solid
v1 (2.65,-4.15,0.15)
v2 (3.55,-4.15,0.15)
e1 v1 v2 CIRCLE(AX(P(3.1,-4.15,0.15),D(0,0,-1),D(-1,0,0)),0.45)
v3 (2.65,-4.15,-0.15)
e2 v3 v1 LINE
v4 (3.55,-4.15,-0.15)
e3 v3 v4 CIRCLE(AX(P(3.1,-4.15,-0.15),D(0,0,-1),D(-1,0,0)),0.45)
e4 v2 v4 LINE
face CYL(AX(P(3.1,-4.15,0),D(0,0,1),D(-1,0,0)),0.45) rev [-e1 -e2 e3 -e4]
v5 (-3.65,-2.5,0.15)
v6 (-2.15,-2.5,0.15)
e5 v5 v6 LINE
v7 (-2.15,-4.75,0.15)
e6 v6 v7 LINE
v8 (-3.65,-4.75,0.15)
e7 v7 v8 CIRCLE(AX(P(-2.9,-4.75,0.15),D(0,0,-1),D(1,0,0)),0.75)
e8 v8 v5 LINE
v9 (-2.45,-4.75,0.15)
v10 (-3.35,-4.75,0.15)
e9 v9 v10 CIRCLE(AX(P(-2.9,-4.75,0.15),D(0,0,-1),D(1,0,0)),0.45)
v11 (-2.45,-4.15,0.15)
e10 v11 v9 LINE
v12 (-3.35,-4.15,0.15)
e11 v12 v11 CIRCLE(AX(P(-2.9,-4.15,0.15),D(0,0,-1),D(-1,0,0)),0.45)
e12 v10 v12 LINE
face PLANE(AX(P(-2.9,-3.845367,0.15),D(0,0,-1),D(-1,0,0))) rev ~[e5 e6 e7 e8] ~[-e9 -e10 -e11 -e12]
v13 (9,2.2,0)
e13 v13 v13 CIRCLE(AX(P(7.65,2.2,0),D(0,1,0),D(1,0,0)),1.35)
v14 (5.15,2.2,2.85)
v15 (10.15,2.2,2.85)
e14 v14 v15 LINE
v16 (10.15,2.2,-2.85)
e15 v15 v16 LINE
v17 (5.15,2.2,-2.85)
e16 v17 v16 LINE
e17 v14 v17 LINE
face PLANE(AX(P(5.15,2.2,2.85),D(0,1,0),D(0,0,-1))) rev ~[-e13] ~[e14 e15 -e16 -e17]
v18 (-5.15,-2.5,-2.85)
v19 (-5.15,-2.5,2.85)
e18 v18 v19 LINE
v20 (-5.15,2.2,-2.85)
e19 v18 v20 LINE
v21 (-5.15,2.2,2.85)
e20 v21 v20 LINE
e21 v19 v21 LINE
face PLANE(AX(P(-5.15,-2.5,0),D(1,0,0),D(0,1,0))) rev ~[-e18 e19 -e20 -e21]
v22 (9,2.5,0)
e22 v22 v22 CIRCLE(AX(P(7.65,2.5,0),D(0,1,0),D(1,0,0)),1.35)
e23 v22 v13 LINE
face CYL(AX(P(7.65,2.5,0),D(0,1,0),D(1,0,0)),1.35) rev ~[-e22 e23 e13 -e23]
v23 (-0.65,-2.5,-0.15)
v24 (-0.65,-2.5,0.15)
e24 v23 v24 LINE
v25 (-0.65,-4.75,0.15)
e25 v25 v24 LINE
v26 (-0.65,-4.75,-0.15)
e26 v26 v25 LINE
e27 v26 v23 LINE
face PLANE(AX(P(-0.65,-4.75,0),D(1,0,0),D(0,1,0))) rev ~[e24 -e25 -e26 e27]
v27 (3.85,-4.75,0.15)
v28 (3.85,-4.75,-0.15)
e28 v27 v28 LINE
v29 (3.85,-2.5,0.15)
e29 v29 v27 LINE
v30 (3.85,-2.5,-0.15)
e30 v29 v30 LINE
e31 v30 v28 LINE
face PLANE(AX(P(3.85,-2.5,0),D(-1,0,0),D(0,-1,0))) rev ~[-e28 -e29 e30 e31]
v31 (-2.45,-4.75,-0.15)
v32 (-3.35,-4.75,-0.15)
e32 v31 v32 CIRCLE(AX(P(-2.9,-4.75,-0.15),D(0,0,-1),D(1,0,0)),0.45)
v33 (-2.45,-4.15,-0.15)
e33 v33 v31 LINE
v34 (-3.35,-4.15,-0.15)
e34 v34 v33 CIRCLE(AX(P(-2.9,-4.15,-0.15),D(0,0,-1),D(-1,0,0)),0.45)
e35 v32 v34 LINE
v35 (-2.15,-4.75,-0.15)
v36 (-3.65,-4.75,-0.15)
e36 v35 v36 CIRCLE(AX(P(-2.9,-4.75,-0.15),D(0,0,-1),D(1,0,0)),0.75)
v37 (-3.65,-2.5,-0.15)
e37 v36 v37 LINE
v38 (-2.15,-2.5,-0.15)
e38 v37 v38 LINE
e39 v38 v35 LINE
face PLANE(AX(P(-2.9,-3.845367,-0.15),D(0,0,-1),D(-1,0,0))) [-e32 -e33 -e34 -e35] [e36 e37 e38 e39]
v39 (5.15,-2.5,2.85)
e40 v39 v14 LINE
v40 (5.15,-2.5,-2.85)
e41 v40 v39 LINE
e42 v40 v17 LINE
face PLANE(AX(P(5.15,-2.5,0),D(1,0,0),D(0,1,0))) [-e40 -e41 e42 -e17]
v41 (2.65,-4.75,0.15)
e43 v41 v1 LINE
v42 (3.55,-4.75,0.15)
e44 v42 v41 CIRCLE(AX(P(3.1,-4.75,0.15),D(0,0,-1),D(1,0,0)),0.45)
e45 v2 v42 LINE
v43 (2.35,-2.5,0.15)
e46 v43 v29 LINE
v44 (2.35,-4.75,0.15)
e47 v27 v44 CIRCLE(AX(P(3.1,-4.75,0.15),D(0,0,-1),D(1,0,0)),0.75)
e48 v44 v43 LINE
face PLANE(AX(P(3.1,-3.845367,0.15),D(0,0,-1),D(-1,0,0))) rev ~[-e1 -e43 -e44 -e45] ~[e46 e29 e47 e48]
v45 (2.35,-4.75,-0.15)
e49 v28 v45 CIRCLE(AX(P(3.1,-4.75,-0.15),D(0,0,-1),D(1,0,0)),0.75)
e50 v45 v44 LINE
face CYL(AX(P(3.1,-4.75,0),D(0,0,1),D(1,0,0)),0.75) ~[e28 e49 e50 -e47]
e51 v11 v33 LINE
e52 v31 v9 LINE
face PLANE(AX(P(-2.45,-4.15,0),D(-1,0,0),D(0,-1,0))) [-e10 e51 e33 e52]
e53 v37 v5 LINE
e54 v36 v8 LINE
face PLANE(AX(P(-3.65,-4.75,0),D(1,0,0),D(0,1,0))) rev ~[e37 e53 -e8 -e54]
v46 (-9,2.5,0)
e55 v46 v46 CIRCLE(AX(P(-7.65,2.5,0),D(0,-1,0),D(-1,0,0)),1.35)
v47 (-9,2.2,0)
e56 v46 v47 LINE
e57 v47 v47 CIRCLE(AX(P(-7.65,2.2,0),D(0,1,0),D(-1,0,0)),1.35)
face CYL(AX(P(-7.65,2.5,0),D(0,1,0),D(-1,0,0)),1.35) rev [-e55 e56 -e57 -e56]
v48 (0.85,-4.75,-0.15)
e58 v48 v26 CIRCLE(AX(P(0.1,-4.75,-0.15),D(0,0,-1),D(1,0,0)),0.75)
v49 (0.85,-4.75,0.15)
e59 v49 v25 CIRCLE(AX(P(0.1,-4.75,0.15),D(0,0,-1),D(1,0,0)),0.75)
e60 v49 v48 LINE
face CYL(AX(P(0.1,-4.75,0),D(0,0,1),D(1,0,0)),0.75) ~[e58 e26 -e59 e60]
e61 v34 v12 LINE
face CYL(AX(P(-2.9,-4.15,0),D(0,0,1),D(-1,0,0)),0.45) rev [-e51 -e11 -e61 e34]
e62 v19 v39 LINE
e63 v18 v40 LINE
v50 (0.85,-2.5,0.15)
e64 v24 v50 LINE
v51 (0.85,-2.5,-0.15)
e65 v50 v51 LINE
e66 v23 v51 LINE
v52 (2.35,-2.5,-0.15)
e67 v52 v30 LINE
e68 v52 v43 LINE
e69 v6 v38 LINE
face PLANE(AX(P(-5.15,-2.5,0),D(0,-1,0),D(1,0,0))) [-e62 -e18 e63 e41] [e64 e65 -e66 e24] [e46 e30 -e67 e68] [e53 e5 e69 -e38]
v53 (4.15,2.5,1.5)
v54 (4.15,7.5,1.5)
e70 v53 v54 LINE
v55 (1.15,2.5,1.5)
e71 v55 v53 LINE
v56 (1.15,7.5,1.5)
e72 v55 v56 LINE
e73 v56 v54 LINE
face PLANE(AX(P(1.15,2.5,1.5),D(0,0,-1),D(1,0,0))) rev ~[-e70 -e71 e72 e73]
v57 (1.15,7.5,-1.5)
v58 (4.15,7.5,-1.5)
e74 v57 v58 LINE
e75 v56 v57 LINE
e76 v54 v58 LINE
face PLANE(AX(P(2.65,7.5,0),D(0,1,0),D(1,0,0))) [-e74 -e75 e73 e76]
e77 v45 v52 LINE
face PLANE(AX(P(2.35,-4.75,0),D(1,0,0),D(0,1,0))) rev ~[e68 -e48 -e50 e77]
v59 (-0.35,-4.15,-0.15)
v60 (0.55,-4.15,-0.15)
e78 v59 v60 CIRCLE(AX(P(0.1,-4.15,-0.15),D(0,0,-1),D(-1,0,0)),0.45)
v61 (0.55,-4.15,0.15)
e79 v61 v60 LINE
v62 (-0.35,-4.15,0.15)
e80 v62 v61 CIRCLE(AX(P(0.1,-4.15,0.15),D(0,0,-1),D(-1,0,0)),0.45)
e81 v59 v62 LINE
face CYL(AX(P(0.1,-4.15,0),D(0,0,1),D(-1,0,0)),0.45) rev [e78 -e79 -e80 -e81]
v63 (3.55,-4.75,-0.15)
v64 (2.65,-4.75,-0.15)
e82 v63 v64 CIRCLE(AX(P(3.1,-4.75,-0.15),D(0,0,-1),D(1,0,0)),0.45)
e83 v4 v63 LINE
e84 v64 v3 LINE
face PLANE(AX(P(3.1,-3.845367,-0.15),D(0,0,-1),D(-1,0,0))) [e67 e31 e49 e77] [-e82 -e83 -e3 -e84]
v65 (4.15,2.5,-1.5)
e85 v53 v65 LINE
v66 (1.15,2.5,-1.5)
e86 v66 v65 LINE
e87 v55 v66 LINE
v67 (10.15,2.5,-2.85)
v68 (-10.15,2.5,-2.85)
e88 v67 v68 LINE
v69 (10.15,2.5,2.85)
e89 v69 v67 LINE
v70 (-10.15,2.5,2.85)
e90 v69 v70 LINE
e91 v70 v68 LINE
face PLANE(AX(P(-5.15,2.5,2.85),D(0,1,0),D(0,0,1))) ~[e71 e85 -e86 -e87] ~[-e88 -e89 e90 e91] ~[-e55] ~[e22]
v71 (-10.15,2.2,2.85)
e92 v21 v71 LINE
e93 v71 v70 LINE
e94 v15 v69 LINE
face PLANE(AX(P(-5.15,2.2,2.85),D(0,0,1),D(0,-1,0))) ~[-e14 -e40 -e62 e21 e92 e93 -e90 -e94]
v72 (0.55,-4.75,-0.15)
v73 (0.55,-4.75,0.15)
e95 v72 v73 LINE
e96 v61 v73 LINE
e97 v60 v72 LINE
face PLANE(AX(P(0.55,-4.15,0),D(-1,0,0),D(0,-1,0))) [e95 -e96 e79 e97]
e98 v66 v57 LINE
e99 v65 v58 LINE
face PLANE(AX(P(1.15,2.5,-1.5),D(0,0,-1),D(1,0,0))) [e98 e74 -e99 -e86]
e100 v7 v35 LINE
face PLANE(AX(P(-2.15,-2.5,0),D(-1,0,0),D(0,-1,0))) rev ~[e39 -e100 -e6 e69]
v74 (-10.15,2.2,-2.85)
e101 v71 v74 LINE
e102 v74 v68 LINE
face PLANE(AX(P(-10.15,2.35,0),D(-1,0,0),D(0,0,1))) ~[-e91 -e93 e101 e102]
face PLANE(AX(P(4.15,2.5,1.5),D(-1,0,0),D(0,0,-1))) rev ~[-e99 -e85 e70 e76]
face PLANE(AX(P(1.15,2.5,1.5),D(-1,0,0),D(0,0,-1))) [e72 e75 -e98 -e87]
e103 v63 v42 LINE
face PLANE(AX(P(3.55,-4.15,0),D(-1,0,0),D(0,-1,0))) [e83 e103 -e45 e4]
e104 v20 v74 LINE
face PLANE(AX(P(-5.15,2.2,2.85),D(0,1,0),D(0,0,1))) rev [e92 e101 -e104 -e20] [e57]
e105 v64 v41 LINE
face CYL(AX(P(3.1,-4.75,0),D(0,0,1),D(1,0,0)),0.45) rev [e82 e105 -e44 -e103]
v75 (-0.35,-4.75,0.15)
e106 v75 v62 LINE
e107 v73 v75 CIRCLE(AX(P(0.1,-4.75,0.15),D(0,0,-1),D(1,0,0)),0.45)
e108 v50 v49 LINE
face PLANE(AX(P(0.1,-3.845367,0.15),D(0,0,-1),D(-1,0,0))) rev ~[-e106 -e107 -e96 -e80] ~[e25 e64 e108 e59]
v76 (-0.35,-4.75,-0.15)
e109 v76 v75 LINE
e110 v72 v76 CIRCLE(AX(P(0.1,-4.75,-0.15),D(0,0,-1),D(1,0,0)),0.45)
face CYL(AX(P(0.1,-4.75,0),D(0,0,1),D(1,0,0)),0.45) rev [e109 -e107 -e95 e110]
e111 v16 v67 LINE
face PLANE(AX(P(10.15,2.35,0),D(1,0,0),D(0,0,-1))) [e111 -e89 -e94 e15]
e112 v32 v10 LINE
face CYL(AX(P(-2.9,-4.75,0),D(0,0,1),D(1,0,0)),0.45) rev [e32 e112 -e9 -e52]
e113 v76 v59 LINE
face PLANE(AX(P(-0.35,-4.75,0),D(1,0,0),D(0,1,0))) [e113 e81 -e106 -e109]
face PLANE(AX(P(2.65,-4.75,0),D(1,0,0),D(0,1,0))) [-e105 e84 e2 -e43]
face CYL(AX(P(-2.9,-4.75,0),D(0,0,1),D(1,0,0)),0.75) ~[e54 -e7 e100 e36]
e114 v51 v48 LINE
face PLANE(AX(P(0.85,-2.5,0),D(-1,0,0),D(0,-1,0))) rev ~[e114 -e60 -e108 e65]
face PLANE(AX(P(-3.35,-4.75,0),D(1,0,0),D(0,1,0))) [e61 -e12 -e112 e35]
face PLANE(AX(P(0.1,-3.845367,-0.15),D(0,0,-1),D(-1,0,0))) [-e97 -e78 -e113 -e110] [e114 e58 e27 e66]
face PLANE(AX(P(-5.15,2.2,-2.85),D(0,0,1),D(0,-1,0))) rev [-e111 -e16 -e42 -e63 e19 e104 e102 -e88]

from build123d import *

# Parameters (mm, degrees)
SKETCH1_W           = 10.3
SKETCH1_H           = 5
BOSS_EXTRUDE1_DEPTH = 2.85
SKETCH2_W           = 5.7
SKETCH2_H           = 0.3
BOSS_EXTRUDE2_DEPTH = 5
SKETCH3_R           = 1.35
CUT_EXTRUDE1_DEPTH  = 5
SKETCH4_W           = 3
SKETCH4_H           = 3
BOSS_EXTRUDE3_DEPTH = 5
BOSS_EXTRUDE4_DEPTH = 0.15
LPATTERN1_COUNT     = 3
LPATTERN1_PITCH     = 3


with BuildPart() as part:
    # Sketch1 → Boss-Extrude1 (new body, symmetric)
    with BuildSketch(Plane.XY):
        Rectangle(SKETCH1_W, SKETCH1_H)
    extrude(amount=BOSS_EXTRUDE1_DEPTH, both=True)

    # Sketch2 → Boss-Extrude2 (add)
    with BuildSketch(Plane(origin=(5.15, 0, 0), x_dir=(0, 0, -1), z_dir=(1, 0, 0))):
        with Locations((0, 2.35)):
            Rectangle(SKETCH2_W, SKETCH2_H)
    boss_extrude2 = extrude(amount=BOSS_EXTRUDE2_DEPTH)

    # Sketch3 → Cut-Extrude1 (cut)
    with BuildSketch(Plane(origin=(0, 2.5, 0), x_dir=(1, 0, 0), z_dir=(0, 1, 0))):
        with Locations((7.65, 0)):
            Circle(SKETCH3_R)
    cut_extrude1 = extrude(amount=-CUT_EXTRUDE1_DEPTH, mode=Mode.SUBTRACT)

    # Mirror1: Boss-Extrude2, Cut-Extrude1 across plane
    add(boss_extrude2.mirror(Plane(origin=(0, 0, 0), x_dir=(0, 0, 1), z_dir=(1, 0, 0))))
    add(cut_extrude1.mirror(Plane(origin=(0, 0, 0), x_dir=(0, 0, 1), z_dir=(1, 0, 0))), mode=Mode.SUBTRACT)

    # Sketch4 → Boss-Extrude3 (add)
    with BuildSketch(Plane(origin=(0, 2.5, 0), x_dir=(1, 0, 0), z_dir=(0, 1, 0))):
        with Locations((2.65, 0)):
            Rectangle(SKETCH4_W, SKETCH4_H)
    extrude(amount=BOSS_EXTRUDE3_DEPTH)

    # Sketch5 → Boss-Extrude4 (add, symmetric)
    with BuildSketch(Plane.XY):
        with BuildLine():
            Line((-3.65, -2.5), (-2.15, -2.5))
            Line((-2.15, -2.5), (-2.15, -4.75))
            ThreePointArc((-2.15, -4.75), (-2.9, -5.5), (-3.65, -4.75))
            Line((-3.65, -4.75), (-3.65, -2.5))
        make_face()
        with BuildLine():
            Line((-2.45, -4.15), (-2.45, -4.75))
            ThreePointArc((-2.45, -4.75), (-2.9, -5.2), (-3.35, -4.75))
            Line((-3.35, -4.75), (-3.35, -4.15))
            ThreePointArc((-3.35, -4.15), (-2.9, -3.7), (-2.45, -4.15))
        make_face(mode=Mode.SUBTRACT)
    boss_extrude4 = extrude(amount=BOSS_EXTRUDE4_DEPTH, both=True)

    # LPattern1: Boss-Extrude4 ×3
    with Locations(*[(i * LPATTERN1_PITCH, 0, 0) for i in range(1, LPATTERN1_COUNT)]):
        add(boss_extrude4)


solid = part.part
